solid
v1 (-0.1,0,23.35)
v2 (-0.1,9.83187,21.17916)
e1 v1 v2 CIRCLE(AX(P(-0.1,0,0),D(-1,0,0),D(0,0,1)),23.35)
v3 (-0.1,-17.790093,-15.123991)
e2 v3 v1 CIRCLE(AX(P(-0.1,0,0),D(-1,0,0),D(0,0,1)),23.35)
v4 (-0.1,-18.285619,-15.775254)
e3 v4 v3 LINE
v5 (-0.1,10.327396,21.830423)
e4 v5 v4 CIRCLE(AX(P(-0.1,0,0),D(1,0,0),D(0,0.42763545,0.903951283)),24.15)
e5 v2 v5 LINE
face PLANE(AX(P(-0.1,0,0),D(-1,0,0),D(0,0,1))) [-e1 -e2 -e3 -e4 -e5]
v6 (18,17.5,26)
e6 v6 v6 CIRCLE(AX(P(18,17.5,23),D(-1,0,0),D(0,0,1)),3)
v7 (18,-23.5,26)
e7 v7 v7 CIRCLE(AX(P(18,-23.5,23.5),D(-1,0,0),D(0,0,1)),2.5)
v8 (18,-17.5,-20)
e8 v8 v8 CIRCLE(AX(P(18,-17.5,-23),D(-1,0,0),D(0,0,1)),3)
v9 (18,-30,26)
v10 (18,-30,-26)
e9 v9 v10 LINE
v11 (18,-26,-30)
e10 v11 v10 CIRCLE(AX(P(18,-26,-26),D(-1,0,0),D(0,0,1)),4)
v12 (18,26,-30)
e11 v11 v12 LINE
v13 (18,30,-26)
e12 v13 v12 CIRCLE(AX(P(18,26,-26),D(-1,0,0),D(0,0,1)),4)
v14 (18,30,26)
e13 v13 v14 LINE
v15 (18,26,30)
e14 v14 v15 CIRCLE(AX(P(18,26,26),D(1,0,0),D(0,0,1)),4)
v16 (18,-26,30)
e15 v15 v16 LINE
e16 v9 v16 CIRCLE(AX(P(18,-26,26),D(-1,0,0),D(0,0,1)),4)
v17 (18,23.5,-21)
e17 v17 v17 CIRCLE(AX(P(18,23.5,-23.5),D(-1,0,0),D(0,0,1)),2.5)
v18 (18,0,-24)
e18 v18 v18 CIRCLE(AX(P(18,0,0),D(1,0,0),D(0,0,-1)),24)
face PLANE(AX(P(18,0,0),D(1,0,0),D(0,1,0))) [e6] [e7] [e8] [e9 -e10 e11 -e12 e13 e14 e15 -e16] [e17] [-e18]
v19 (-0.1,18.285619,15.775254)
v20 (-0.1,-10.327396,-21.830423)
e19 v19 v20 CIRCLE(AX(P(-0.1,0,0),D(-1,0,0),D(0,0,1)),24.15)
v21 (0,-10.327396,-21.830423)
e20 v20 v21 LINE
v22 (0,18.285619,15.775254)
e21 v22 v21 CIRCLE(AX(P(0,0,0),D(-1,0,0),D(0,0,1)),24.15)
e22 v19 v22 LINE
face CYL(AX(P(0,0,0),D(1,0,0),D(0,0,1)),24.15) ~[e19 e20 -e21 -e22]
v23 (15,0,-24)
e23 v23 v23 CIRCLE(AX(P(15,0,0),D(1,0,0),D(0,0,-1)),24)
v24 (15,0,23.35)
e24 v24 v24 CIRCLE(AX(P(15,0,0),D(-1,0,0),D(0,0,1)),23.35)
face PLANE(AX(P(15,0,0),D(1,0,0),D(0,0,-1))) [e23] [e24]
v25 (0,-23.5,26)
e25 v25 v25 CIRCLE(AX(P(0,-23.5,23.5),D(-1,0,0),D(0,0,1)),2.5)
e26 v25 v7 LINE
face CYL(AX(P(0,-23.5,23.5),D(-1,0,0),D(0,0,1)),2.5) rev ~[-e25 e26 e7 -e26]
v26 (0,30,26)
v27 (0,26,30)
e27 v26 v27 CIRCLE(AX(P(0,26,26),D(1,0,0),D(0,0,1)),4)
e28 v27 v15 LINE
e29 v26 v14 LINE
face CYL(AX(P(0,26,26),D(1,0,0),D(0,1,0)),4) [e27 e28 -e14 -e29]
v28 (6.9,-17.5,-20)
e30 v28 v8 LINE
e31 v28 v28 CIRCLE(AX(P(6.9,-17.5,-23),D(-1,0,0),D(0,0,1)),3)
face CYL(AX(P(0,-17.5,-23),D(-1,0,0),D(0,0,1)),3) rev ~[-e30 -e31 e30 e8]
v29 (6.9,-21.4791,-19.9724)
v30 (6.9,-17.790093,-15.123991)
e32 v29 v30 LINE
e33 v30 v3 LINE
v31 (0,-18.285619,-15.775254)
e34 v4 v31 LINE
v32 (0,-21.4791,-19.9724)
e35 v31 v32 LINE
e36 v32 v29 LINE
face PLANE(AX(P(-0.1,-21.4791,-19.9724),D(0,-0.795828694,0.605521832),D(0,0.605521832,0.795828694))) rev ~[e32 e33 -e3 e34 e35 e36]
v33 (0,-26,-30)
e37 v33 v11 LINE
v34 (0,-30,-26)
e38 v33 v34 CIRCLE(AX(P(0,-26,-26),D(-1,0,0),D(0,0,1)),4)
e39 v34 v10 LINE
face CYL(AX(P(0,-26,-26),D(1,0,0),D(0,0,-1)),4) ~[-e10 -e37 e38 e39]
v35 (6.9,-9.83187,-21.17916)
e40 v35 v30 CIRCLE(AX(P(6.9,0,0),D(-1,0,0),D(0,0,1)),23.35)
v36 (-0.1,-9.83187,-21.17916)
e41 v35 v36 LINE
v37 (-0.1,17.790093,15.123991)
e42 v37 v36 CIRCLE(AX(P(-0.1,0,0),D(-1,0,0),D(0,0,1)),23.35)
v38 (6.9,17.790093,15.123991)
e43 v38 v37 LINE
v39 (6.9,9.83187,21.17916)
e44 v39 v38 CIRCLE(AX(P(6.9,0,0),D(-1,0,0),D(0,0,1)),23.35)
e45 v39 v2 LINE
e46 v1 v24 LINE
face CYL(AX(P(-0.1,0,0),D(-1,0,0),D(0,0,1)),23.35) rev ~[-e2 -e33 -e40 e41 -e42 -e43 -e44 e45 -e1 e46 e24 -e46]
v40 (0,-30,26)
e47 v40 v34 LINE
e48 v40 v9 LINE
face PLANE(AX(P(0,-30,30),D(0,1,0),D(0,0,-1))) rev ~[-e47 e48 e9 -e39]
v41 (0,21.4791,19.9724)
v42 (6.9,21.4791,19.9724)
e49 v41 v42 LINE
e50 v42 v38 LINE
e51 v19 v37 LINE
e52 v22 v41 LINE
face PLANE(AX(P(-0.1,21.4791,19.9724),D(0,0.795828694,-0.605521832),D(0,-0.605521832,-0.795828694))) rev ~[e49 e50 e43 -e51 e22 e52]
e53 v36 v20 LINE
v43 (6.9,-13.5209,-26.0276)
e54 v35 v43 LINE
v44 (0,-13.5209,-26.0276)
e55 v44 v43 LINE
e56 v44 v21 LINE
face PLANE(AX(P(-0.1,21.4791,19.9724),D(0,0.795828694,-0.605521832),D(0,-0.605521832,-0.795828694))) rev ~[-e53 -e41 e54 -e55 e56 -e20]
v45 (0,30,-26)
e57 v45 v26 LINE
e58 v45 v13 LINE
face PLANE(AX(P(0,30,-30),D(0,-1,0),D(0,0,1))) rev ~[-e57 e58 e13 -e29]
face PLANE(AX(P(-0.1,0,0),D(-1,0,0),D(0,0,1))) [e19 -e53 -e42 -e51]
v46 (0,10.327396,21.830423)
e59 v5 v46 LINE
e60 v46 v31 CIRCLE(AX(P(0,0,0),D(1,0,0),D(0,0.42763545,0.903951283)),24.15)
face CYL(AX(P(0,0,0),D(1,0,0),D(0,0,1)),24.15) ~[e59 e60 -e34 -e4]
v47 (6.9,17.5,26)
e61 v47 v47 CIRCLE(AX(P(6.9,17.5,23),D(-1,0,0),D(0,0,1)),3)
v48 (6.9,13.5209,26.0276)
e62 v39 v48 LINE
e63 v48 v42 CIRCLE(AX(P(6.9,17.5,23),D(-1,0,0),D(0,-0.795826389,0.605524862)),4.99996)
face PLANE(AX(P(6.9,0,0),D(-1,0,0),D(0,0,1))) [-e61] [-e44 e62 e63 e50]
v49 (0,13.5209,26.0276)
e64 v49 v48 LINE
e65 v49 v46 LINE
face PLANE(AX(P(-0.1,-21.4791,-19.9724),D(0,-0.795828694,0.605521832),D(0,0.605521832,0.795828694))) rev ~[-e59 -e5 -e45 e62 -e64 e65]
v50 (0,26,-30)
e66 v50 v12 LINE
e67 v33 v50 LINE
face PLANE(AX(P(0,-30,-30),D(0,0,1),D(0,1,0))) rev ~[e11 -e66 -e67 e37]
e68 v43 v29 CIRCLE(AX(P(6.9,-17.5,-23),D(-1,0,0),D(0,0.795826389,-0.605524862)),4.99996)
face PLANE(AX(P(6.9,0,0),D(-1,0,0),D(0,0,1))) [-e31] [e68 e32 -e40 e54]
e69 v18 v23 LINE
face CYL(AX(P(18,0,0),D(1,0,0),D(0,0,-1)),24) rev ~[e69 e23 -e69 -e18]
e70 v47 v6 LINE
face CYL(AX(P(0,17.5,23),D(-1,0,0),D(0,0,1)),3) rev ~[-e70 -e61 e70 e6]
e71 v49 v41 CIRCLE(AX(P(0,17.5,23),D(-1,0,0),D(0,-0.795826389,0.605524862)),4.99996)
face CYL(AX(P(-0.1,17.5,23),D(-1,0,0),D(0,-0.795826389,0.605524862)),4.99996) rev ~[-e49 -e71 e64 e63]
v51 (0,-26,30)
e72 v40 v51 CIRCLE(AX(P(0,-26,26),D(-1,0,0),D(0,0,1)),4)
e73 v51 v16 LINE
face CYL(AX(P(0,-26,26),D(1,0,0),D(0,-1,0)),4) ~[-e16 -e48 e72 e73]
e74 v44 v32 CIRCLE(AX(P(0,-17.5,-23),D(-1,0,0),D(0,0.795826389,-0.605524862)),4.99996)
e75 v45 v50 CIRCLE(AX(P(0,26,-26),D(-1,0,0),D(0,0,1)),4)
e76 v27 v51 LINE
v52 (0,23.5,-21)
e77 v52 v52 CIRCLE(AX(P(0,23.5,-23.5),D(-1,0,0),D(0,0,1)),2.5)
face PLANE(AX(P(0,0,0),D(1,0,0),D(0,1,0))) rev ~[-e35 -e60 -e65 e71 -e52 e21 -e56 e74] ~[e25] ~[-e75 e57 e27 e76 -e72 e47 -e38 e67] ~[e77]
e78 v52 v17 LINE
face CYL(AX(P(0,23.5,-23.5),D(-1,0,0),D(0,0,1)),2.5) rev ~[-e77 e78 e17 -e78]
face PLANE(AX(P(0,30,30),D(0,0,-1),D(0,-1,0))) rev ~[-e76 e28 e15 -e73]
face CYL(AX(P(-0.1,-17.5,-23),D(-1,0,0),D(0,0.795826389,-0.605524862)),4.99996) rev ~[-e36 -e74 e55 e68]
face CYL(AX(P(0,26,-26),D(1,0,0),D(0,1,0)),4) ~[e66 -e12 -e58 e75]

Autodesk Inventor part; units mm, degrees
ref_plane "YZ Plane" through (0, 0, 0) normal (1, 0, 0) x (0, 1, 0)
ref_plane "XZ Plane" through (0, 0, 0) normal (0, 1, 0) x (-1, 0, 0)
ref_plane "XY Plane" through (0, 0, 0) normal (0, 0, 1) x (1, 0, 0)
sketch "Sketch1" plane through (0, 0, 0) normal (1, 0, 0) x (0, 1, 0)
  line L0 (30, 30) -> (-30, 30)
  line L1 (-30, 30) -> (-30, -30)
  line L2 (-30, -30) -> (30, -30)
  line L3 (30, -30) -> (30, 30)
  line L4 (30, 30) -> (-30, -30) construction
  line L5 (-30, 30) -> (30, -30) construction
  point P0 (0, 0)
  dimension "d0" = 60
  dimension "d1" = 60
extrude "Extrusion1" add sketch "Sketch1" along normal blind 18
fillet "Fillet1" radius 4 4 edges at (9, 30, 30) (9, 30, -30) (9, -30, 30) (9, -30, -30)
sketch "Sketch2" plane through (0, 0, 0) normal (-1, 0, 0) x (0, 0, 1)
  circle A0 centre (0, 0) radius 24.15
  dimension "d5" = 48.3
extrude "Extrusion2" add sketch "Sketch2" along normal blind 0.1
sketch "Sketch3" plane through (-0.1, 0, 0) normal (-1, 0, 0) x (0, 0, 1)
  circle A0 centre (0, 0) radius 23.35
  dimension "d8" = 46.7
extrude "Extrusion3" cut sketch "Sketch3" against normal through all
sketch "Sketch4" plane through (18, 0, 0) normal (1, 0, 0) x (0, 0, -1)
  circle A0 centre (0, 0) radius 24
  dimension "d11" = 48
extrude "Extrusion4" cut sketch "Sketch4" against normal blind 3
sketch "Sketch5" plane through (0, 0, 0) normal (-1, 0, 0) x (0, 0, 1)
  point P0 (0, 0)
sketch "Sketch6" plane through (0, 0, 0) normal (-1, 0, 0) x (0, 0, 1)
  circle A0 centre (23, 17.5) radius 3
  line L0 (30, 26) -> (30, -26) projected
  line L1 (-26, 30) -> (26, 30) projected
  circle A1 centre (-23, -17.5) radius 3
  line L2 (-30, -26) -> (-30, 26) projected
  line L3 (26, -30) -> (-26, -30) projected
  circle A2 centre (-23.5, 23.5) radius 2.5
  circle A3 centre (23.5, -23.5) radius 2.5
  point P0 (0, 0)
  dimension "d15" = 7
  dimension "d16" = 12.5
  dimension "d17" = 6
  dimension "d18" = 6
  dimension "d19" = 7
  dimension "d20" = 12.5
  dimension "d21" = 23.5
  dimension "d22" = 23.5
  dimension "d23" = 23.5
  dimension "d24" = 23.5
  dimension "d25" = 5
  dimension "d26" = 5
extrude "Extrusion5" cut sketch "Sketch6" against normal through all
sketch "Sketch7" plane through (-0.1, 0, 0) normal (-1, 0, 0) x (0, 0, 1)
  circle A0 centre (-23, -17.5) radius 3 projected
  circle A1 centre (23, 17.5) radius 3 projected
  line L0 (-23, -17.5) -> (23, 17.5) construction
  line L1 (-19.9724, -21.4791) -> (26.0276, 13.5209)
  line L2 (19.9724, 21.4791) -> (-26.0276, -13.5209)
  arc A2 (-26.0276, -13.5209) -> (-19.9724, -21.4791) centre (-23, -17.5) ccw
  arc A3 (26.0276, 13.5209) -> (19.9724, 21.4791) centre (23, 17.5) ccw
  point P0 (0, 0)
  point P1 (0, 0)
  dimension "d29" = 10
extrude "Extrusion6" cut sketch "Sketch7" against normal blind 7
thread "Thread1" size "M5x0.8" class "6H" standard "ANSI Metric M Profile" full length
thread "Thread2" size "M5x0.8" class "6H" standard "ANSI Metric M Profile" full length
properties part number "Mounting Bracket"
